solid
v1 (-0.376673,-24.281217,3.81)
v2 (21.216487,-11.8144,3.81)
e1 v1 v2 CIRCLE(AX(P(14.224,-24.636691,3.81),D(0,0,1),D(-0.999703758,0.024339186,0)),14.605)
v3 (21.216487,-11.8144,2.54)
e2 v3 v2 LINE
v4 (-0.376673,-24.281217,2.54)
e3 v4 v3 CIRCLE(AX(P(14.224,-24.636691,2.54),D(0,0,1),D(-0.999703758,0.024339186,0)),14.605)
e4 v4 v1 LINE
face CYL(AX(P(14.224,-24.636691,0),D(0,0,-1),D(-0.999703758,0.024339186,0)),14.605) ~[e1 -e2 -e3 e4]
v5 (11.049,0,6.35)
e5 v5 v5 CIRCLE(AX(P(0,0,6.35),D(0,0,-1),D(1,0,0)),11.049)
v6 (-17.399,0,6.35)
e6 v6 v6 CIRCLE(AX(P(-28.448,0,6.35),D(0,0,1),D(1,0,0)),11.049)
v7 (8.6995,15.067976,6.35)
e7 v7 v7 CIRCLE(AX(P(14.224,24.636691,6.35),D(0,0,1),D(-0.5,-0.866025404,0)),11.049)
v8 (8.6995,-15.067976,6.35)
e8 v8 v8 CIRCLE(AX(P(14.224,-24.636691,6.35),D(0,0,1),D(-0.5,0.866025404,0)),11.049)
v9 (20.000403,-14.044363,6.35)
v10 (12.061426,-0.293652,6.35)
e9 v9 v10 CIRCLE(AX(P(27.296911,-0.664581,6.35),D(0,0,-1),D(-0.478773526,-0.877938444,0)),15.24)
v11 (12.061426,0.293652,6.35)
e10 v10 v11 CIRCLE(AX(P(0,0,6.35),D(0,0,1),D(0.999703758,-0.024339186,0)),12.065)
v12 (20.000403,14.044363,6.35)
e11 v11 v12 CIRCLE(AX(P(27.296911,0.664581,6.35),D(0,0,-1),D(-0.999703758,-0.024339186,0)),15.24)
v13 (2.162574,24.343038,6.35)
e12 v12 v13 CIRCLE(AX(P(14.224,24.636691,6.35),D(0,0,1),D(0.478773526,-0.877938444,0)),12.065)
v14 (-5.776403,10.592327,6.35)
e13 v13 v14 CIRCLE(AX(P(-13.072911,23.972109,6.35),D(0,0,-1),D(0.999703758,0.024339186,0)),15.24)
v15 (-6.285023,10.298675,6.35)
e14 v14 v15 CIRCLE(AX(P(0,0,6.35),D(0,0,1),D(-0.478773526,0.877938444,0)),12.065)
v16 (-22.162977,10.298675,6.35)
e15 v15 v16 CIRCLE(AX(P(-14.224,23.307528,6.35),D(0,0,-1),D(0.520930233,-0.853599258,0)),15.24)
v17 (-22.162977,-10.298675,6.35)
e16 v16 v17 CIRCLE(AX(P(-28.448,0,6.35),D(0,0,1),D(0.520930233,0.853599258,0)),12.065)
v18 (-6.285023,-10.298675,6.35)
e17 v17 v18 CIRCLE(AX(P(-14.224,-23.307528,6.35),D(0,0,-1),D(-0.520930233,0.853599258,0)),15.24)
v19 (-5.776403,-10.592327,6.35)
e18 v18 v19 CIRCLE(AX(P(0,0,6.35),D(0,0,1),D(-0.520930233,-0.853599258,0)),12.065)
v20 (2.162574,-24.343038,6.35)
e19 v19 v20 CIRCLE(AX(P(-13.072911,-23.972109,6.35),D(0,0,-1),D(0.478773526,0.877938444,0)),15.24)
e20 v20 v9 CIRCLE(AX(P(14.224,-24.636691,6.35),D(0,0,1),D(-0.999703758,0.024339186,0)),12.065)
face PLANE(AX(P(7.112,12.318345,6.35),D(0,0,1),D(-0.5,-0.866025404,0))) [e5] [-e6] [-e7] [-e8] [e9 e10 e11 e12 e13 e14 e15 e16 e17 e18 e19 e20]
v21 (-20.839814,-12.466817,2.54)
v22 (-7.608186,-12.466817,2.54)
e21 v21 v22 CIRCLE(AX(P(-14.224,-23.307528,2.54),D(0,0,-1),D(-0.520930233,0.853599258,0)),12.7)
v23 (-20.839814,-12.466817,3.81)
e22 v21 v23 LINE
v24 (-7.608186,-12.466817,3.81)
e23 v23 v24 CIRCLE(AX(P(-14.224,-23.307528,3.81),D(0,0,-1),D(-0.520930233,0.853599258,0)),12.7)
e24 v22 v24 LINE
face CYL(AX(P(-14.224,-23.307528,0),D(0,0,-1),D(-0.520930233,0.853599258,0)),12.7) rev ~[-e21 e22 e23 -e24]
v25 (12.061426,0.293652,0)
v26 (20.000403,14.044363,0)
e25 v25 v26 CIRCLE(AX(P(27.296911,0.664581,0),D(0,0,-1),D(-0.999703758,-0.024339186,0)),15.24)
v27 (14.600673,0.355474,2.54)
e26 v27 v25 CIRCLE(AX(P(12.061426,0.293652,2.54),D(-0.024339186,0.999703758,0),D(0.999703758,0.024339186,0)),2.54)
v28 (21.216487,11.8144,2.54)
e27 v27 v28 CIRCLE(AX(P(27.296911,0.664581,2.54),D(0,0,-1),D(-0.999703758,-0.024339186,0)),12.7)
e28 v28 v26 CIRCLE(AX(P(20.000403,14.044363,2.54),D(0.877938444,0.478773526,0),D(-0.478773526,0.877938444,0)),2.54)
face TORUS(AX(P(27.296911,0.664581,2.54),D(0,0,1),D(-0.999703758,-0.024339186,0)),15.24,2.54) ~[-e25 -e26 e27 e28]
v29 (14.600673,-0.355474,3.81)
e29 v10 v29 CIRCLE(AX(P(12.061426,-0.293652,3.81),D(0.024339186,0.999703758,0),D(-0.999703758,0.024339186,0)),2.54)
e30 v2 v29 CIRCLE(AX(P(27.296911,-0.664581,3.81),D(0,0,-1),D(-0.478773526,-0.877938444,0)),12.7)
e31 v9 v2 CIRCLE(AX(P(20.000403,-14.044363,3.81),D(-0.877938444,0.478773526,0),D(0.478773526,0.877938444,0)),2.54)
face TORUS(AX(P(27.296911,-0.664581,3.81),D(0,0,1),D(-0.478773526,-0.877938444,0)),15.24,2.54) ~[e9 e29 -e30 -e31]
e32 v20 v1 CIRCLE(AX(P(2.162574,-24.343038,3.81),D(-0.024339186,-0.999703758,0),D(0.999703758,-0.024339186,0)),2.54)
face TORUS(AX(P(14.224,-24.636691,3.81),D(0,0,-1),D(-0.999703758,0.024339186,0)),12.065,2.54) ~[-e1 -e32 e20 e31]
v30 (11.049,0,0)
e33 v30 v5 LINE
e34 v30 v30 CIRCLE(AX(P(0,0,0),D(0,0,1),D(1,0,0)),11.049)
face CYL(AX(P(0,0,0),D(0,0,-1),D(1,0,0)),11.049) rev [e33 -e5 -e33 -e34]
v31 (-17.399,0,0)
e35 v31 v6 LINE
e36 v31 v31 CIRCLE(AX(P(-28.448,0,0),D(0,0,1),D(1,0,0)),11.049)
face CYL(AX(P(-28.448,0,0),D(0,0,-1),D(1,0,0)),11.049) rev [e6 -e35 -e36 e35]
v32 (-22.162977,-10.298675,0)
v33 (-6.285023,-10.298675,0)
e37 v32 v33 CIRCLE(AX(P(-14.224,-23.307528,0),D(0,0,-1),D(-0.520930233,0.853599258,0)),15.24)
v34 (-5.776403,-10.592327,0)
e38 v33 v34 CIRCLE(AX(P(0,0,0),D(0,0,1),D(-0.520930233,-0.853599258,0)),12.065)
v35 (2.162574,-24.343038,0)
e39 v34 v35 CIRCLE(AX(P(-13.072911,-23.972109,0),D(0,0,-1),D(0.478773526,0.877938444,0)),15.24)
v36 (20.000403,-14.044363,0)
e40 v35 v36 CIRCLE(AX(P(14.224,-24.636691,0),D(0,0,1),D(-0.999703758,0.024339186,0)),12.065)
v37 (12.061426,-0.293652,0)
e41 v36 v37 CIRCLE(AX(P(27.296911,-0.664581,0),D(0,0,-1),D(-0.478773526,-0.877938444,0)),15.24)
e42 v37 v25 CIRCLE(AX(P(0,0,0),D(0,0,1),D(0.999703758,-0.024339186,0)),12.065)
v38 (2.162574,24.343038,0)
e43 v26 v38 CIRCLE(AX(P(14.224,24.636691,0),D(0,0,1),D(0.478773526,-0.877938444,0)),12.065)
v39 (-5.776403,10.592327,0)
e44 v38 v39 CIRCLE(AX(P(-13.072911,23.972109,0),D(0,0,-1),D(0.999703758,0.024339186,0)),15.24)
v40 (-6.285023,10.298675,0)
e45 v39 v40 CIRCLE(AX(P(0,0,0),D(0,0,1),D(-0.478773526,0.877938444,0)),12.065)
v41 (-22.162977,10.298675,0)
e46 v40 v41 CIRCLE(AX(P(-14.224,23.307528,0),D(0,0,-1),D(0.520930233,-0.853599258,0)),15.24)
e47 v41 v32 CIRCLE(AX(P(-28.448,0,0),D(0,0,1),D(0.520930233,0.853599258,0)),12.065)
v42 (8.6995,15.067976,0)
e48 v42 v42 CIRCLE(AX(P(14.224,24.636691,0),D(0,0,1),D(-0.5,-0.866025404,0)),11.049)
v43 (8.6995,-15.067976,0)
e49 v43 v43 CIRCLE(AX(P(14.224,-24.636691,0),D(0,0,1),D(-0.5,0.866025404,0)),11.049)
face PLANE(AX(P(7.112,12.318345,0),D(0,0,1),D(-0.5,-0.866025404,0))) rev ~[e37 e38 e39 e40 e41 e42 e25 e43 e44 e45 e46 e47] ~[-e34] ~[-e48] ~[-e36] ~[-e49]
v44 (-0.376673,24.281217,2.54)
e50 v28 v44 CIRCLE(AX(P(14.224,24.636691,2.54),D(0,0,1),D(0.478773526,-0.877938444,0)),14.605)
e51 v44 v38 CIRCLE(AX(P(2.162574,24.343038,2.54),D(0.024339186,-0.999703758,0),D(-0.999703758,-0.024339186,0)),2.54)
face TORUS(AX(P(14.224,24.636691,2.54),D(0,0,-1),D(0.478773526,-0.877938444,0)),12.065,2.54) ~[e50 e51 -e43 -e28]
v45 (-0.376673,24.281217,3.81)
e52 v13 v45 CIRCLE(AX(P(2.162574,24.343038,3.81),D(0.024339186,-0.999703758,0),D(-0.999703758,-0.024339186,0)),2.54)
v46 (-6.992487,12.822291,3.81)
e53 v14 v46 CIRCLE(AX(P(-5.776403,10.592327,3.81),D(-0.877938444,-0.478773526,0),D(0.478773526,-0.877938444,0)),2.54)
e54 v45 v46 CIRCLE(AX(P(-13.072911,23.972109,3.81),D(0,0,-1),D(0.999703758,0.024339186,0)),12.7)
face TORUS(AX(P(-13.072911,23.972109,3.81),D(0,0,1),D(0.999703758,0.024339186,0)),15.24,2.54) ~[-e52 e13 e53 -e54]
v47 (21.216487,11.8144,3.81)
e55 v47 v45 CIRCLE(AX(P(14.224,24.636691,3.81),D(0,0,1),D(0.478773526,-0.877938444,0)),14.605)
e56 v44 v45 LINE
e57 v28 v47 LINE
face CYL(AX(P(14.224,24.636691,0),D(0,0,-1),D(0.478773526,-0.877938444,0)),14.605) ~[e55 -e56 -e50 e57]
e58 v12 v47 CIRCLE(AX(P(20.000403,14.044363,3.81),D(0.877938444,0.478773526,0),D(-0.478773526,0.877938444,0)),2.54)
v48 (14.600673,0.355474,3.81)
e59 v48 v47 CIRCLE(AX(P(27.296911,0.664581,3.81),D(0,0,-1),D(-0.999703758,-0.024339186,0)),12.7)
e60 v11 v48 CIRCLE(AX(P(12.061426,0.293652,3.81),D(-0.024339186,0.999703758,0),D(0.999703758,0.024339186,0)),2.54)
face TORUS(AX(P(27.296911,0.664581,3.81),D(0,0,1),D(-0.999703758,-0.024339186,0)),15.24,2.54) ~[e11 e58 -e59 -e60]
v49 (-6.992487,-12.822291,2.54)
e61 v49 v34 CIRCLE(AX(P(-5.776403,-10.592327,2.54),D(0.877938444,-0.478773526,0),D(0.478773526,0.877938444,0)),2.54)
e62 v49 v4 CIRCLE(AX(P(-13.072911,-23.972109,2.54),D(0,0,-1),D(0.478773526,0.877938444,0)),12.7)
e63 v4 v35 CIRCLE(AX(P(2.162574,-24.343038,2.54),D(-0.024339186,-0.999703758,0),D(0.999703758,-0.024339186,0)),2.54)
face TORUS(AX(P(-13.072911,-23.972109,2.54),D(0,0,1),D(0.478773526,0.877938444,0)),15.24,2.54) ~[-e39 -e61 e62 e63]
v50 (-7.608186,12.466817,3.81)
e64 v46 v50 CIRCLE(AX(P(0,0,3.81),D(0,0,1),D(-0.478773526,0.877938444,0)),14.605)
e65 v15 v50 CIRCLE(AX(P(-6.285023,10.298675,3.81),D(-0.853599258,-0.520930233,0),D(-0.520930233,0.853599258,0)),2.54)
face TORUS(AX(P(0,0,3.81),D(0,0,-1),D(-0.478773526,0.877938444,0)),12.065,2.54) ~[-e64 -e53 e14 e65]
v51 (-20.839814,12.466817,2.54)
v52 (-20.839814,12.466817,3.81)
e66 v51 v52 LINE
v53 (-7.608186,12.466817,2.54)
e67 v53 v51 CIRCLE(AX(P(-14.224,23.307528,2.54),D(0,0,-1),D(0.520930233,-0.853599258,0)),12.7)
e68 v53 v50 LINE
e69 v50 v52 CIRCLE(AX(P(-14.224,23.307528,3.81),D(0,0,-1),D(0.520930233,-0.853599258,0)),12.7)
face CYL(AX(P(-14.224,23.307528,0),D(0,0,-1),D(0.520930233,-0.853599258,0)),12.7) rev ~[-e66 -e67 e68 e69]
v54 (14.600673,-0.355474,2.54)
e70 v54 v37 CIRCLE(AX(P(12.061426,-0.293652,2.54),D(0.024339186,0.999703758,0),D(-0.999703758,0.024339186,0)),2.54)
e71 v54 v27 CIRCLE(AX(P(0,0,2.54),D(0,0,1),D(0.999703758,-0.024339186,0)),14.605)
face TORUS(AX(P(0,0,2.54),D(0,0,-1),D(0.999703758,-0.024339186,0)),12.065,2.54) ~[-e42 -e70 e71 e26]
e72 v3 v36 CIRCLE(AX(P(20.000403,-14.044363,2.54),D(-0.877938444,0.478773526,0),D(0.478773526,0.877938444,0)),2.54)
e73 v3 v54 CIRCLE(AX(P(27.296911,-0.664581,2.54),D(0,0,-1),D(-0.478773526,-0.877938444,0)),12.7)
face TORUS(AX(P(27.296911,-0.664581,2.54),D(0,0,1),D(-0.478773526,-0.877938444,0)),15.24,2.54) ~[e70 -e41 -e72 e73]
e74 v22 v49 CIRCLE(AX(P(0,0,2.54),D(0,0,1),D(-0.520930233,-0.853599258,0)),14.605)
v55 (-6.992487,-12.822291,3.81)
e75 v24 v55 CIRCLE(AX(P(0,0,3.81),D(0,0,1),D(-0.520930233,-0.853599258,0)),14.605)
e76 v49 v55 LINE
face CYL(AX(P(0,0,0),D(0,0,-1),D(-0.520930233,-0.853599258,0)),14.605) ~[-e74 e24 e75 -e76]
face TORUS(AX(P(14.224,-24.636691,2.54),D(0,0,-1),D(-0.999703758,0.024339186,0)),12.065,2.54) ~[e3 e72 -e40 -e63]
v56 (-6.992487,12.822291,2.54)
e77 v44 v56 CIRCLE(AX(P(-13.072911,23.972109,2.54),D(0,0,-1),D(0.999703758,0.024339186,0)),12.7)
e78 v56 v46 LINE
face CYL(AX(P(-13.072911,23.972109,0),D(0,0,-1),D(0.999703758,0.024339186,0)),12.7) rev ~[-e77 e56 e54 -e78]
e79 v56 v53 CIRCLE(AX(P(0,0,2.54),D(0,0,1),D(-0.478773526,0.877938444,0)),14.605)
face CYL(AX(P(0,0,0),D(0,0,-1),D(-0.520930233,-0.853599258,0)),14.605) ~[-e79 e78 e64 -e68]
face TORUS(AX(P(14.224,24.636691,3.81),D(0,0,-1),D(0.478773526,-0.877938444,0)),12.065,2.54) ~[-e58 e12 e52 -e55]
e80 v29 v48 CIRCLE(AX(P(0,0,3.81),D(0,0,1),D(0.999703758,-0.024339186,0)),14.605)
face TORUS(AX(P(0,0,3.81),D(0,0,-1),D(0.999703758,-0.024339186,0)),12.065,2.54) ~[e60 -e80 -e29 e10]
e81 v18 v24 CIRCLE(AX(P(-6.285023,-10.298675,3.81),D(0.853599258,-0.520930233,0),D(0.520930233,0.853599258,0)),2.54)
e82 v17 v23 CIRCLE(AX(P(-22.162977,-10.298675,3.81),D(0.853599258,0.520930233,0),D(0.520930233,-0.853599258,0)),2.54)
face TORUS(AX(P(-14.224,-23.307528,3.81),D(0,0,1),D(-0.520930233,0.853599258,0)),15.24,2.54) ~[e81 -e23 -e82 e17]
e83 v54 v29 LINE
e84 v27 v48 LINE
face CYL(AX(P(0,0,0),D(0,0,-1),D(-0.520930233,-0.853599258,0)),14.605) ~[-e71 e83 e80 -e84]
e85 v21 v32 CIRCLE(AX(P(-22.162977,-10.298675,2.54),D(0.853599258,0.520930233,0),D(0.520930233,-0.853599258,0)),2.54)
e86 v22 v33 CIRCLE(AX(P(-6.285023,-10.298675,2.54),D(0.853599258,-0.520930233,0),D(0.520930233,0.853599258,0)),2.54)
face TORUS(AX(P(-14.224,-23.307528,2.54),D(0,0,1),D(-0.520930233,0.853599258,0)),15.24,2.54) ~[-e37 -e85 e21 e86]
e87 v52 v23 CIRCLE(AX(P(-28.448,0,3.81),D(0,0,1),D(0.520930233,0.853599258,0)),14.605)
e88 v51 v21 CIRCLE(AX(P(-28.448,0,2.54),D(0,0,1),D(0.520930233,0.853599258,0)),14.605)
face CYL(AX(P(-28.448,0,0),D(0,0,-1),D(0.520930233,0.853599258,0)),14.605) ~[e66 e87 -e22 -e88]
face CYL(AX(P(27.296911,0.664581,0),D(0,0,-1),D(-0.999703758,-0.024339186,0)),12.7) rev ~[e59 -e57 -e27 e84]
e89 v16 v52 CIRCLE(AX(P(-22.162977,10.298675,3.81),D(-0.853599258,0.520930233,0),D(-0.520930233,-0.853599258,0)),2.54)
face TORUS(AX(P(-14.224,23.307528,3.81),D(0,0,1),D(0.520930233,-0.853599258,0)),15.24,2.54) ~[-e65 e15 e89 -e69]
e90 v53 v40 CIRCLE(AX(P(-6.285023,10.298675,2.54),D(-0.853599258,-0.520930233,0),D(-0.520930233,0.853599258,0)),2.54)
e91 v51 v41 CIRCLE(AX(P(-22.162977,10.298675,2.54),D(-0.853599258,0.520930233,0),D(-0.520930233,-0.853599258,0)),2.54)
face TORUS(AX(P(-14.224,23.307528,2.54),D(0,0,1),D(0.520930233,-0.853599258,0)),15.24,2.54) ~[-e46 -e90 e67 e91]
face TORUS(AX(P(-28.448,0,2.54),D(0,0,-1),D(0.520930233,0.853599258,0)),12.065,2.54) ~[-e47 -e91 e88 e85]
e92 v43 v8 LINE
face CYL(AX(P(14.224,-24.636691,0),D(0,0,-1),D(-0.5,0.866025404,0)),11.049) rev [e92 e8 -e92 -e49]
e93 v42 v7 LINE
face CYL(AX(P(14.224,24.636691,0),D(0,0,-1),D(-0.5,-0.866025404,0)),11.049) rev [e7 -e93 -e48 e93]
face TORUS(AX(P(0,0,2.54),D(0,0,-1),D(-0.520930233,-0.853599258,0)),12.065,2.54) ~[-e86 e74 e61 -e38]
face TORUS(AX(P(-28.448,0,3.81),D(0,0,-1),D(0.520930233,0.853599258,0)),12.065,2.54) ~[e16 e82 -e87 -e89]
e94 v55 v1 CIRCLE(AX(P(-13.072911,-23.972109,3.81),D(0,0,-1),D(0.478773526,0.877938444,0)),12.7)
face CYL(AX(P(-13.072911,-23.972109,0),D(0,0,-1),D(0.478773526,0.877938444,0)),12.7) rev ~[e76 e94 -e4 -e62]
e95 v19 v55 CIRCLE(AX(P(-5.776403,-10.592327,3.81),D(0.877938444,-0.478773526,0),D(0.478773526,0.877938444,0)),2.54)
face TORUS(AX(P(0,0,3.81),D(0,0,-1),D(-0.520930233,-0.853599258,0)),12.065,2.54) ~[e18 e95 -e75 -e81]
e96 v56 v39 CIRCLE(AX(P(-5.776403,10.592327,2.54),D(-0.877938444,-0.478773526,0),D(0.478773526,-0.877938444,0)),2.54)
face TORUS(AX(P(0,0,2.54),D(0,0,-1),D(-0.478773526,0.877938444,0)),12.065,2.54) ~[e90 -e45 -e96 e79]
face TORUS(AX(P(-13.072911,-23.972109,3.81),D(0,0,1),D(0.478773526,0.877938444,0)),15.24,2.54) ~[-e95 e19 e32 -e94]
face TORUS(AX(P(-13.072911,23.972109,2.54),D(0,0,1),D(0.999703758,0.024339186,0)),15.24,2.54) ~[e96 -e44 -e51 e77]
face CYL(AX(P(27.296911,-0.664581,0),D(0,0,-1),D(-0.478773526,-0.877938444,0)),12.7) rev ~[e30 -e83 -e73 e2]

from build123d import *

# Parameters (mm, degrees)
F0_R     = 11.049
F1_DEPTH = 6.35
F3_COUNT = 3
F4_R     = 2.54


with BuildPart() as f1:
    # F0 (on Top) → F1 (new body)
    with BuildSketch(Plane.XY):
        with BuildLine():
            ThreePointArc((-20.8398139535, -12.4668171592), (-14.224, -10.6075277325), (-7.6081860465, -12.4668171592))
            ThreePointArc((-7.6081860465, -12.4668171592), (14.605, 0), (-7.6081860465, 12.4668171592))
            ThreePointArc((-7.6081860465, 12.4668171592), (-14.224, 10.6075277325), (-20.8398139535, 12.4668171592))
            ThreePointArc((-20.8398139535, 12.4668171592), (-43.053, 0), (-20.8398139535, -12.4668171592))
        make_face()
        with Locations((-28.448, 0)):
            Circle(F0_R, mode=Mode.SUBTRACT)
        Circle(F0_R, mode=Mode.SUBTRACT)
    extrude(amount=F1_DEPTH)

    # F3: F1 ×3 about axis
    f3_axis = Axis((0, 0, 9.2122852802), (0, 0, 1))


with BuildPart() as f1_1:
    add(f1.part)
    for i in range(1, F3_COUNT):
        add(f1.part.rotate(f3_axis, i * 360 / F3_COUNT))

    # F4
    f4_edges = [f1_1.edges().sort_by_distance(p)[0] for p in [
        (-2.074388, -17.622109, 6.35),
        (-2.074388, -17.622109, 0),
    ]]
    fillet(f4_edges, radius=F4_R)


solid = f1_1.part
